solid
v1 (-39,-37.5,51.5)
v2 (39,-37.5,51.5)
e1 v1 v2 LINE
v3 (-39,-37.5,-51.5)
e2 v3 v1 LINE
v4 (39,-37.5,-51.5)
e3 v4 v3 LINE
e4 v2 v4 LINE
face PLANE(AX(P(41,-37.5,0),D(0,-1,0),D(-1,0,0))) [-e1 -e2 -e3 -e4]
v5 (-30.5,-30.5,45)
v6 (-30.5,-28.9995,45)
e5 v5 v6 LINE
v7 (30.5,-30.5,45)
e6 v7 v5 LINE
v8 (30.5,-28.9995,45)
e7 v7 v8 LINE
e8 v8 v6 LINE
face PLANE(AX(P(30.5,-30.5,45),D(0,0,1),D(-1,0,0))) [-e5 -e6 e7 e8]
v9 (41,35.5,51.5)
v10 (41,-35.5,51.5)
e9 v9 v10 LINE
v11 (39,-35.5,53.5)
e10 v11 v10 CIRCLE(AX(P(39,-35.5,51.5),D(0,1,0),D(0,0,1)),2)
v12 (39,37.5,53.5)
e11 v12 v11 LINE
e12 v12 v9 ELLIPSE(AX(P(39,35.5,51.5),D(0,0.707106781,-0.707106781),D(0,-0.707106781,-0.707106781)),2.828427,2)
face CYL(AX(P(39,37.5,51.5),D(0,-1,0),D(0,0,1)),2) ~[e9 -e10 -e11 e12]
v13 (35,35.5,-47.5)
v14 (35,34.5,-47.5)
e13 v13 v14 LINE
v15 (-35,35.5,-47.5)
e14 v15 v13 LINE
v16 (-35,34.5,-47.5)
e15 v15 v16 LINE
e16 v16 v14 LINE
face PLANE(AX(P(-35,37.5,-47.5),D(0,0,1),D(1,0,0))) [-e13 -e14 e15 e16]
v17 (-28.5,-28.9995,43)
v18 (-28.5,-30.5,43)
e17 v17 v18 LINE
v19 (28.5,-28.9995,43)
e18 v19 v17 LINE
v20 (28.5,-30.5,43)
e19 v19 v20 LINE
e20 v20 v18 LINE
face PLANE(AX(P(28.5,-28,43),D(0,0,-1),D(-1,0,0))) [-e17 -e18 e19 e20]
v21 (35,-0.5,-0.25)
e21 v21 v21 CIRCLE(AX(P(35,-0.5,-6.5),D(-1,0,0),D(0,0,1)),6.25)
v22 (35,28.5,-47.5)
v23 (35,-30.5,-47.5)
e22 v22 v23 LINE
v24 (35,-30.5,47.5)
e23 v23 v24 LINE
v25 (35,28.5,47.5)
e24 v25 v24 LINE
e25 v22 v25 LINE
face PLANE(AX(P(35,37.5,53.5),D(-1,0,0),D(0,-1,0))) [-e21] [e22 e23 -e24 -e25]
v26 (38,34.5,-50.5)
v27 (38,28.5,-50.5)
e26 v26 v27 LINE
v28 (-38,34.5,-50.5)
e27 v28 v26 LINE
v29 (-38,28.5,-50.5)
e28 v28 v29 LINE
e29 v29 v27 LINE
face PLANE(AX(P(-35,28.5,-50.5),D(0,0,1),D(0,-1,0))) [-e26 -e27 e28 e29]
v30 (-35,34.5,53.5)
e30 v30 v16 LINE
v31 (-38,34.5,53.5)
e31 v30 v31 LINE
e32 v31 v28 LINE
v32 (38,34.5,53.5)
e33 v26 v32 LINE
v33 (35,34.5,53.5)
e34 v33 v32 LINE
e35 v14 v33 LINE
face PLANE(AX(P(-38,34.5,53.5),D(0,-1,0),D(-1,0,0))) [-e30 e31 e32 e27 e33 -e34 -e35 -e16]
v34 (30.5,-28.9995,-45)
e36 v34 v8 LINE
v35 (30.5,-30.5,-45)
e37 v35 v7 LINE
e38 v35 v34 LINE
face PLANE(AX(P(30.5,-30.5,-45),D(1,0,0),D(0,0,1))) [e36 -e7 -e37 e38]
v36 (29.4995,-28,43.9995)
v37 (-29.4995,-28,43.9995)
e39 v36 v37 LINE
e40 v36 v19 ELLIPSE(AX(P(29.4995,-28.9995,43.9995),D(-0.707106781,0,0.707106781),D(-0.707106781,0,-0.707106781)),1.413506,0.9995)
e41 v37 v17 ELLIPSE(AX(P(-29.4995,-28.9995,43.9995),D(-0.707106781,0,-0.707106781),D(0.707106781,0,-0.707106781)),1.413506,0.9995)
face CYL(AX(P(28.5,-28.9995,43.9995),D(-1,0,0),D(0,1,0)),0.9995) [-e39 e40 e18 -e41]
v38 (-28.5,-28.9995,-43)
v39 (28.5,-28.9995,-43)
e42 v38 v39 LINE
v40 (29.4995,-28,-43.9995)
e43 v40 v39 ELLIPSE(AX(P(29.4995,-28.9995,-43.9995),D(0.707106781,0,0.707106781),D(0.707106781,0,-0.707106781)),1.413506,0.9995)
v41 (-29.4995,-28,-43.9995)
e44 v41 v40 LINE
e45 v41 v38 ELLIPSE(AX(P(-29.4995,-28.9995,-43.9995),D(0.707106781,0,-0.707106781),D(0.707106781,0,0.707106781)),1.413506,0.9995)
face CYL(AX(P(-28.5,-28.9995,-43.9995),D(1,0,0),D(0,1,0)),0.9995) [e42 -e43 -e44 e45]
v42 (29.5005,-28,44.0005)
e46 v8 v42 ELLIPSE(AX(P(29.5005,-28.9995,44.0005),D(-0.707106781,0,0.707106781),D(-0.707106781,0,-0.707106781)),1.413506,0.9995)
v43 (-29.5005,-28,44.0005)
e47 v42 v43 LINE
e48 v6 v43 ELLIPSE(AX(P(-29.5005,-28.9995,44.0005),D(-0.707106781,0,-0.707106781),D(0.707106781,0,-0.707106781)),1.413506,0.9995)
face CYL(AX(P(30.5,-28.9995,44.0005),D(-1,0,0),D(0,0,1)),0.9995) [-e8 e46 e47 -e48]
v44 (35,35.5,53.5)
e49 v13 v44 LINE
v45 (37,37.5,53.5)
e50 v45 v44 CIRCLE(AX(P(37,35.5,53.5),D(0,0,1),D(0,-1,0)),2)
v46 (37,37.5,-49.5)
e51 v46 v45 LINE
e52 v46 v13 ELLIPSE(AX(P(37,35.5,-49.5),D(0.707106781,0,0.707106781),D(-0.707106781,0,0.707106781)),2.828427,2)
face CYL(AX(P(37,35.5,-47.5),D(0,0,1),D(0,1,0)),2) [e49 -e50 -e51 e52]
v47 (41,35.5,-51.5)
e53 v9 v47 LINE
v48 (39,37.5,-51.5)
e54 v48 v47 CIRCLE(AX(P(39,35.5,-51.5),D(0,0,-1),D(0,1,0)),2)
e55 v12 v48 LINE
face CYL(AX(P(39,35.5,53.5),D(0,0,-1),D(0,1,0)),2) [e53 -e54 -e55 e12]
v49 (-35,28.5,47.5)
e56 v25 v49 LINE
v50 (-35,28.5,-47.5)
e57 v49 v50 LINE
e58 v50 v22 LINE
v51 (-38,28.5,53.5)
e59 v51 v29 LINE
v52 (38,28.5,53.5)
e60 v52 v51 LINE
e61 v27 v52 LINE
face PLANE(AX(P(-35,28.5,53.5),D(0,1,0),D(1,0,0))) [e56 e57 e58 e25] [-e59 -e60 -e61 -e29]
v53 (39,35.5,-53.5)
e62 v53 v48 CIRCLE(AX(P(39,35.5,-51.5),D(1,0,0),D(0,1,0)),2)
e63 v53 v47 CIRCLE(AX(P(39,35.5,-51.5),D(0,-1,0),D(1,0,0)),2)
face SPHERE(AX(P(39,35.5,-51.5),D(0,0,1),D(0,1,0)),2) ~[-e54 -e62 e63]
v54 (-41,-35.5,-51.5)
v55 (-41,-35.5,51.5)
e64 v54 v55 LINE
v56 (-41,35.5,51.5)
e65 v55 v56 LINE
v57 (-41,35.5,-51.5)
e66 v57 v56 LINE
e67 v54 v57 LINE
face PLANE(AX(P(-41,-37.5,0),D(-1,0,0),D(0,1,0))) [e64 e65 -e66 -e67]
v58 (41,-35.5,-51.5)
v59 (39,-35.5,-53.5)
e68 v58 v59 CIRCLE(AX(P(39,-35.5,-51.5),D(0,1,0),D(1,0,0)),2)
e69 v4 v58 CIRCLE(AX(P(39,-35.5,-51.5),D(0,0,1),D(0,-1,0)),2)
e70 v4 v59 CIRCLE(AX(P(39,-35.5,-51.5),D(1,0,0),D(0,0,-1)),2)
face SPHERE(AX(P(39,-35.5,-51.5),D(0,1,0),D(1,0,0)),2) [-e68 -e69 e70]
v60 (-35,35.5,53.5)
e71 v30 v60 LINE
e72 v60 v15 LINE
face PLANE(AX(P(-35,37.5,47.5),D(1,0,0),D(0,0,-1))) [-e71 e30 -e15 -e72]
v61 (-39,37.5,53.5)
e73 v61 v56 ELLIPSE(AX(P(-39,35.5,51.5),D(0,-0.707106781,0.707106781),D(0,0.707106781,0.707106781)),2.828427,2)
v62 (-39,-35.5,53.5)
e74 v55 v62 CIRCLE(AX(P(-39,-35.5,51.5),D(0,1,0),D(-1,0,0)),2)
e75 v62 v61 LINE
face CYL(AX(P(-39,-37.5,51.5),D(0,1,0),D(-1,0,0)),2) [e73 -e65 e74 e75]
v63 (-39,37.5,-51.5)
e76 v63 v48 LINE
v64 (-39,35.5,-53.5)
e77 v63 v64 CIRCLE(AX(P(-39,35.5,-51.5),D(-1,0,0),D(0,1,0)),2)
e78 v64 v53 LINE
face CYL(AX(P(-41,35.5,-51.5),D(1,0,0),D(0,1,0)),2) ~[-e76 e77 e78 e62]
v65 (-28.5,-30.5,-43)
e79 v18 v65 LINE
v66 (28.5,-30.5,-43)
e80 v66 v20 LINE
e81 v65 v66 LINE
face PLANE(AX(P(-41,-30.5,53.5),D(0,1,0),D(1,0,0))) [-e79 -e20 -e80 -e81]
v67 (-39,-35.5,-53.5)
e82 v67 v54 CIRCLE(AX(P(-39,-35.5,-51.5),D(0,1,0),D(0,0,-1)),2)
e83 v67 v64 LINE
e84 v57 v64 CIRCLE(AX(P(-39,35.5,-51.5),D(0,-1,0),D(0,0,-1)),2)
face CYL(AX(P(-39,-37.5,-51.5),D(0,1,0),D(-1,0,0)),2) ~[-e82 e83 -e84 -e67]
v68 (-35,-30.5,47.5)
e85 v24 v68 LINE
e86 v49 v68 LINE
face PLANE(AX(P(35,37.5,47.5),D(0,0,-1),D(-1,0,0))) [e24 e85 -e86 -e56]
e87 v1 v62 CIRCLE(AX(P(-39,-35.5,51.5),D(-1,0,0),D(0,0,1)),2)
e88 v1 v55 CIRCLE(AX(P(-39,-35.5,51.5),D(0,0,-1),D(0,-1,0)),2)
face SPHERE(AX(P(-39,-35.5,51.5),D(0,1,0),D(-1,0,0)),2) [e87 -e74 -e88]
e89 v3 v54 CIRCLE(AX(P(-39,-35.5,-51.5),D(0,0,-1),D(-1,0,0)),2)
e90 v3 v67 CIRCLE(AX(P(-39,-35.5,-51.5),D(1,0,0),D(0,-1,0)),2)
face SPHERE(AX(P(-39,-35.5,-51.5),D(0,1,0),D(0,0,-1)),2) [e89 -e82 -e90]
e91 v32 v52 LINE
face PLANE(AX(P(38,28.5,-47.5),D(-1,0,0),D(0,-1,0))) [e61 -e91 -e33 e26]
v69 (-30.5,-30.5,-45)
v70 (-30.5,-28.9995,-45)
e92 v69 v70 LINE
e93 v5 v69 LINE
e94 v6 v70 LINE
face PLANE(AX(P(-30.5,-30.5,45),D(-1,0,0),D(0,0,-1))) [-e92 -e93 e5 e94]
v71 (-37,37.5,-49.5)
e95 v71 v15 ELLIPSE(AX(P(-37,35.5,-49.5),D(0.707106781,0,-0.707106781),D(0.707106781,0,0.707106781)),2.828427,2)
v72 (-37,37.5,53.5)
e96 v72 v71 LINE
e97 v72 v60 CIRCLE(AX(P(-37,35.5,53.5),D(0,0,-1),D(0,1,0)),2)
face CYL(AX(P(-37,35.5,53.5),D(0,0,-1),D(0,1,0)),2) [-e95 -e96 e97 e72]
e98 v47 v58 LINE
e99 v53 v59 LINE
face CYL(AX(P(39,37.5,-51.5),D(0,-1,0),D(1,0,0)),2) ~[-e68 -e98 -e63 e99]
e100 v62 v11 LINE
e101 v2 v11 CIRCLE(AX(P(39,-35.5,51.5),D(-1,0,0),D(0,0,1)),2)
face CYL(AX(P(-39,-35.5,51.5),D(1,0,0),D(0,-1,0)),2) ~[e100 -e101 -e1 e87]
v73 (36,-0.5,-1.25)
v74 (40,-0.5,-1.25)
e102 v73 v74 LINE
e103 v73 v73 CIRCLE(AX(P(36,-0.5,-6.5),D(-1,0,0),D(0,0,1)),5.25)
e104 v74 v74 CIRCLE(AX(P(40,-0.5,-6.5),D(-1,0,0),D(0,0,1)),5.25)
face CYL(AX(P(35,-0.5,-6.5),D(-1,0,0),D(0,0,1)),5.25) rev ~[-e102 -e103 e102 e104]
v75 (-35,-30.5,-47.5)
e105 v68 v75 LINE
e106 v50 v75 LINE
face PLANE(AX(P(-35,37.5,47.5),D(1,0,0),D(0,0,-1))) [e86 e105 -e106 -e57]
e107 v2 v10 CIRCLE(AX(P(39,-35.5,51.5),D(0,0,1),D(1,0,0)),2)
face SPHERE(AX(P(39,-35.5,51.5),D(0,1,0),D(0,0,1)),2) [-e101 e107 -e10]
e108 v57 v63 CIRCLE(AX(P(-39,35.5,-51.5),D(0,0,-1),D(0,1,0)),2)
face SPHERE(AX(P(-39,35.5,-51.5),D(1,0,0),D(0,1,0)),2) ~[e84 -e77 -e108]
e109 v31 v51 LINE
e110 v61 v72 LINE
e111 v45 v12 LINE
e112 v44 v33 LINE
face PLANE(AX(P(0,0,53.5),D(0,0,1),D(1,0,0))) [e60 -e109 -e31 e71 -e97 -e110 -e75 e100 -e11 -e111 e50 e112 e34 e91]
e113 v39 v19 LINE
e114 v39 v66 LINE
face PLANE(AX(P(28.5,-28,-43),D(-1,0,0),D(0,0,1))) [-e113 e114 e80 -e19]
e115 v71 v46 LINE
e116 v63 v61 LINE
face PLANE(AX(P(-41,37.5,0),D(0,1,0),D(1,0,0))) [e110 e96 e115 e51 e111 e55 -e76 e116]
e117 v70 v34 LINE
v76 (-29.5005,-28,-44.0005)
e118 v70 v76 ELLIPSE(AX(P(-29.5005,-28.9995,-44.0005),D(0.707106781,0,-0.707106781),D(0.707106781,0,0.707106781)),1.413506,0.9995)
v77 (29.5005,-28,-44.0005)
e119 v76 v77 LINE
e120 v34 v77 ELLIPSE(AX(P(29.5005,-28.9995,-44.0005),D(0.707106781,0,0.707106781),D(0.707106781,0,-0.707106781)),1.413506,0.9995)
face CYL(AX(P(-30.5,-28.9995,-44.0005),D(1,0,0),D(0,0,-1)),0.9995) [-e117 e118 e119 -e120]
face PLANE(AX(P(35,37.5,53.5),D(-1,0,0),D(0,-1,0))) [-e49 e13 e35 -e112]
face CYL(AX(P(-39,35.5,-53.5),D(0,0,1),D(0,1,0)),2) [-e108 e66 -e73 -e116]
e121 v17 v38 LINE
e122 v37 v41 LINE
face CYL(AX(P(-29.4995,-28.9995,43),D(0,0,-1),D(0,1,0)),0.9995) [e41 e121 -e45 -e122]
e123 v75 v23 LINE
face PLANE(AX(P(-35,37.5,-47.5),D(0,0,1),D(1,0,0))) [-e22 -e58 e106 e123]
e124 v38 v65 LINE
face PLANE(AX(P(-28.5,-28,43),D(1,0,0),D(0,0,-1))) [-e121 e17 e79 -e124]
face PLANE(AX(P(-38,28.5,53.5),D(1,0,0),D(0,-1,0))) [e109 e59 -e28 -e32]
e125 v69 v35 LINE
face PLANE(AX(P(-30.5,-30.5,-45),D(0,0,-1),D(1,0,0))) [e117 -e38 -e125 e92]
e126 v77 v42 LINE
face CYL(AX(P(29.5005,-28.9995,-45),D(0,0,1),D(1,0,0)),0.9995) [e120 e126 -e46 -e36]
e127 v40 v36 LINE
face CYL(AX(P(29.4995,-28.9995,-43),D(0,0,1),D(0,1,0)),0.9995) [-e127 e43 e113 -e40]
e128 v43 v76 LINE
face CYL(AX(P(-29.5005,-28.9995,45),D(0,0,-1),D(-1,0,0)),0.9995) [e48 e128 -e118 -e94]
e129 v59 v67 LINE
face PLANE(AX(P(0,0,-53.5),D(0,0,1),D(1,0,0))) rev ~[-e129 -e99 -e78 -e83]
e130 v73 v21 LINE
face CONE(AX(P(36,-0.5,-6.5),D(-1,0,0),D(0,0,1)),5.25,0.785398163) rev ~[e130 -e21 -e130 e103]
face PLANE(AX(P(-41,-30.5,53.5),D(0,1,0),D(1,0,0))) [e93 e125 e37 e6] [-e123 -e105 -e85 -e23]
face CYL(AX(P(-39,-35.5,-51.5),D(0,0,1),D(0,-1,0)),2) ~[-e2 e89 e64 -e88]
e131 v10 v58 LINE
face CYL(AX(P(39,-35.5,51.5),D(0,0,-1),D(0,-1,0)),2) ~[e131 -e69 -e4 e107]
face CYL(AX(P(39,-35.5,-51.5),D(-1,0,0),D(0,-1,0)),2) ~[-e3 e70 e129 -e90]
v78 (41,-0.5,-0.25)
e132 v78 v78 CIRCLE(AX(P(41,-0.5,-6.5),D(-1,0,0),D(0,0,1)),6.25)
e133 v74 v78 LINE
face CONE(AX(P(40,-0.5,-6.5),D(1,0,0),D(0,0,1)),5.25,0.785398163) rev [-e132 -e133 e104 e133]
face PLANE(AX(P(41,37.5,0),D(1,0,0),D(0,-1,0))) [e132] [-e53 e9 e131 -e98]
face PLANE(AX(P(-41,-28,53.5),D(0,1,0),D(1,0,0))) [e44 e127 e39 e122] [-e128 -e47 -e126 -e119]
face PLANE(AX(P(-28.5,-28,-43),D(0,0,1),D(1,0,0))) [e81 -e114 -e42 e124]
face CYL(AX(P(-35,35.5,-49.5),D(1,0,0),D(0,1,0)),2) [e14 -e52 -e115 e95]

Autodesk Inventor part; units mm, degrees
ref_plane "XZ Plane" through (0, 0, 0) normal (0, 1, 0) x (-1, 0, 0)
sketch "Sketch1" plane through (0, 0, 0) normal (0, 0, 1) x (1, 0, 0)
  line L0 (-41, 37.5) -> (41, 37.5)
  line L1 (41, 37.5) -> (41, -37.5)
  line L2 (41, -37.5) -> (-41, -37.5)
  line L3 (-41, -37.5) -> (-41, 37.5)
  point P0 (0, 0)
  point P1 (0, 37.5)
  point P2 (-41, 0)
  dimension "d0" = 82
  dimension "d1" = 75
extrude "Extrusion1" add sketch "Sketch1" along normal mid plane 107
sketch "Sketch2" plane through (-41, 37.5, 53.5) normal (0, 1, 0) x (1, 0, 0)
  line L0 (0, 107) -> (82, 107) projected
  line L1 (6, 101) -> (76, 101)
  line L2 (76, 101) -> (76, 6)
  line L3 (76, 6) -> (6, 6)
  line L4 (6, 6) -> (6, 101)
  line L5 (0, 107) -> (0, 0) projected
  point P0 (41, 53.5)
  point P1 (41, 101)
  point P2 (41, 107)
  point P3 (6, 53.5)
  point P4 (0, 53.5)
  dimension "d4" = 95
  dimension "d5" = 70
extrude "Extrusion2" cut sketch "Sketch2" against normal blind 68
sketch "Sketch3" plane through (0, 0, 53.5) normal (0, 0, 1) x (1, 0, 0)
  line L0 (-35, 37.5) -> (35, 37.5)
  line L1 (35, 37.5) -> (35, 28.5)
  line L2 (35, 28.5) -> (-35, 28.5)
  line L3 (-35, 28.5) -> (-35, 37.5)
  line L4 (41, 37.5) -> (-41, 37.5) projected
  point P0 (0, 0)
  point P1 (0, 37.5)
  dimension "d14" = 70
  dimension "d15" = 9
extrude "Extrusion3" cut sketch "Sketch3" against normal up to surface (6 mm away)
ref_plane "Work Plane1" through (0, 0, 0) normal (0, 0, 1) x (1, 0, 0)
sketch "Sketch5" plane through (0, 0, 0) normal (0, 0, 1) x (1, 0, 0)
  line L0 (-35, 37.5) -> (-35, -30.5) projected
  line L1 (-38, 34.5) -> (-35, 34.5)
  line L2 (-35, 34.5) -> (-35, 28.5)
  line L3 (-35, 28.5) -> (-38, 28.5)
  line L4 (-38, 28.5) -> (-38, 34.5)
  point P0 (0, 0)
  dimension "d21" = 3
  dimension "d22" = 6
  dimension "d23" = 3
sketch3d "3D Sketch1"
  line L0 (-35, 37.5, 53.5) -> (-35, 37.5, -47.5)
  line L1 (-35, 37.5, -47.5) -> (35, 37.5, -47.5)
  line L2 (35, 37.5, -47.5) -> (35, 37.5, 53.5)
sweep "Sweep1" cut profiles "Sketch5" path "3D Sketch1"
ref_plane "Work Plane2" through (0, 0, 0) normal (1, 0, 0) x (0, 1, 0)
fillet "Fillet1" radius 2 10 edges at (41, 37.5, 0) (0, 37.5, -53.5) (-41, 37.5, 0) (41, 0, -53.5) (41, 0, 53.5) (-41, 0, 53.5) (-41, 0, -53.5) (35, 37.5, 3) (0, 37.5, -47.5) (-35, 37.5, 3)
fillet "Fillet2" radius 2 8 edges at (40.4142, -37.5, 52.9142) (0, -37.5, 53.5) (-40.4142, -37.5, 52.9142) (-41, -37.5, 0) (-40.4142, -37.5, -52.9142) (0, -37.5, -53.5) (40.4142, -37.5, -52.9142) (41, -37.5, 0)
sketch "Sketch9" plane through (-41, -30.5, 53.5) normal (0, 1, 0) x (1, 0, 0)
  line L0 (10.5, 98.5) -> (71.5, 98.5)
  line L1 (71.5, 98.5) -> (71.5, 8.5)
  line L2 (71.5, 8.5) -> (10.5, 8.5)
  line L3 (10.5, 8.5) -> (10.5, 98.5)
  point P0 (41, 53.5)
  point P1 (41, 96.5)
  point P2 (12.5, 53.5)
  point P3 (10.5, 53.5)
  point P4 (41, 98.5)
  dimension "d48" = 90
  dimension "d49" = 61
extrude "Extrusion5" add sketch "Sketch9" along normal blind 2.5
sketch "Sketch10" plane through (-41, -28, 53.5) normal (0, 1, 0) x (1, 0, 0)
  line L0 (71.5, 98.5) -> (10.5, 98.5) projected
  line L1 (12.5, 96.5) -> (69.5, 96.5)
  line L2 (69.5, 96.5) -> (69.5, 10.5)
  line L3 (69.5, 10.5) -> (12.5, 10.5)
  line L4 (12.5, 10.5) -> (12.5, 96.5)
  point P0 (41, 53.5)
  point P1 (12.5, 53.5)
  point P2 (41, 96.5)
  dimension "d52" = 57
  dimension "d53" = 86
extrude "Extrusion6" cut sketch "Sketch10" against normal up to surface (2.5 mm away)
fillet "Fillet3" radius 1 8 edges at (0, -28, -45) (0, -28, -43) (-30.5, -28, 0) (-28.5, -28, 0) (0, -28, 43) (0, -28, 45) (28.5, -28, 0) (30.5, -28, 0)
sketch "Sketch12" plane through (35, -30.5, -47.5) normal (-1, 0, 0) x (0, 0, 1)
  circle A0 centre (41, 30) radius 5.25
  line L0 (4.5, 1.5) -> (4.5, 0) projected
  line L1 (90.5, 0) -> (4.5, 0) projected
  point P0 (47.5, 30.5)
  dimension "d64" = 36.5
  dimension "d65" = 10.5
  dimension "d66" = 30
extrude "Extrusion7" cut sketch "Sketch12" against normal up to surface (6 mm away)
chamfer "Chamfer1" distance 1 angle 45 1 edges at (41, -0.5, -11.75)
chamfer "Chamfer2" distance 1 angle 45 1 edges at (35, -0.5, -11.75)
